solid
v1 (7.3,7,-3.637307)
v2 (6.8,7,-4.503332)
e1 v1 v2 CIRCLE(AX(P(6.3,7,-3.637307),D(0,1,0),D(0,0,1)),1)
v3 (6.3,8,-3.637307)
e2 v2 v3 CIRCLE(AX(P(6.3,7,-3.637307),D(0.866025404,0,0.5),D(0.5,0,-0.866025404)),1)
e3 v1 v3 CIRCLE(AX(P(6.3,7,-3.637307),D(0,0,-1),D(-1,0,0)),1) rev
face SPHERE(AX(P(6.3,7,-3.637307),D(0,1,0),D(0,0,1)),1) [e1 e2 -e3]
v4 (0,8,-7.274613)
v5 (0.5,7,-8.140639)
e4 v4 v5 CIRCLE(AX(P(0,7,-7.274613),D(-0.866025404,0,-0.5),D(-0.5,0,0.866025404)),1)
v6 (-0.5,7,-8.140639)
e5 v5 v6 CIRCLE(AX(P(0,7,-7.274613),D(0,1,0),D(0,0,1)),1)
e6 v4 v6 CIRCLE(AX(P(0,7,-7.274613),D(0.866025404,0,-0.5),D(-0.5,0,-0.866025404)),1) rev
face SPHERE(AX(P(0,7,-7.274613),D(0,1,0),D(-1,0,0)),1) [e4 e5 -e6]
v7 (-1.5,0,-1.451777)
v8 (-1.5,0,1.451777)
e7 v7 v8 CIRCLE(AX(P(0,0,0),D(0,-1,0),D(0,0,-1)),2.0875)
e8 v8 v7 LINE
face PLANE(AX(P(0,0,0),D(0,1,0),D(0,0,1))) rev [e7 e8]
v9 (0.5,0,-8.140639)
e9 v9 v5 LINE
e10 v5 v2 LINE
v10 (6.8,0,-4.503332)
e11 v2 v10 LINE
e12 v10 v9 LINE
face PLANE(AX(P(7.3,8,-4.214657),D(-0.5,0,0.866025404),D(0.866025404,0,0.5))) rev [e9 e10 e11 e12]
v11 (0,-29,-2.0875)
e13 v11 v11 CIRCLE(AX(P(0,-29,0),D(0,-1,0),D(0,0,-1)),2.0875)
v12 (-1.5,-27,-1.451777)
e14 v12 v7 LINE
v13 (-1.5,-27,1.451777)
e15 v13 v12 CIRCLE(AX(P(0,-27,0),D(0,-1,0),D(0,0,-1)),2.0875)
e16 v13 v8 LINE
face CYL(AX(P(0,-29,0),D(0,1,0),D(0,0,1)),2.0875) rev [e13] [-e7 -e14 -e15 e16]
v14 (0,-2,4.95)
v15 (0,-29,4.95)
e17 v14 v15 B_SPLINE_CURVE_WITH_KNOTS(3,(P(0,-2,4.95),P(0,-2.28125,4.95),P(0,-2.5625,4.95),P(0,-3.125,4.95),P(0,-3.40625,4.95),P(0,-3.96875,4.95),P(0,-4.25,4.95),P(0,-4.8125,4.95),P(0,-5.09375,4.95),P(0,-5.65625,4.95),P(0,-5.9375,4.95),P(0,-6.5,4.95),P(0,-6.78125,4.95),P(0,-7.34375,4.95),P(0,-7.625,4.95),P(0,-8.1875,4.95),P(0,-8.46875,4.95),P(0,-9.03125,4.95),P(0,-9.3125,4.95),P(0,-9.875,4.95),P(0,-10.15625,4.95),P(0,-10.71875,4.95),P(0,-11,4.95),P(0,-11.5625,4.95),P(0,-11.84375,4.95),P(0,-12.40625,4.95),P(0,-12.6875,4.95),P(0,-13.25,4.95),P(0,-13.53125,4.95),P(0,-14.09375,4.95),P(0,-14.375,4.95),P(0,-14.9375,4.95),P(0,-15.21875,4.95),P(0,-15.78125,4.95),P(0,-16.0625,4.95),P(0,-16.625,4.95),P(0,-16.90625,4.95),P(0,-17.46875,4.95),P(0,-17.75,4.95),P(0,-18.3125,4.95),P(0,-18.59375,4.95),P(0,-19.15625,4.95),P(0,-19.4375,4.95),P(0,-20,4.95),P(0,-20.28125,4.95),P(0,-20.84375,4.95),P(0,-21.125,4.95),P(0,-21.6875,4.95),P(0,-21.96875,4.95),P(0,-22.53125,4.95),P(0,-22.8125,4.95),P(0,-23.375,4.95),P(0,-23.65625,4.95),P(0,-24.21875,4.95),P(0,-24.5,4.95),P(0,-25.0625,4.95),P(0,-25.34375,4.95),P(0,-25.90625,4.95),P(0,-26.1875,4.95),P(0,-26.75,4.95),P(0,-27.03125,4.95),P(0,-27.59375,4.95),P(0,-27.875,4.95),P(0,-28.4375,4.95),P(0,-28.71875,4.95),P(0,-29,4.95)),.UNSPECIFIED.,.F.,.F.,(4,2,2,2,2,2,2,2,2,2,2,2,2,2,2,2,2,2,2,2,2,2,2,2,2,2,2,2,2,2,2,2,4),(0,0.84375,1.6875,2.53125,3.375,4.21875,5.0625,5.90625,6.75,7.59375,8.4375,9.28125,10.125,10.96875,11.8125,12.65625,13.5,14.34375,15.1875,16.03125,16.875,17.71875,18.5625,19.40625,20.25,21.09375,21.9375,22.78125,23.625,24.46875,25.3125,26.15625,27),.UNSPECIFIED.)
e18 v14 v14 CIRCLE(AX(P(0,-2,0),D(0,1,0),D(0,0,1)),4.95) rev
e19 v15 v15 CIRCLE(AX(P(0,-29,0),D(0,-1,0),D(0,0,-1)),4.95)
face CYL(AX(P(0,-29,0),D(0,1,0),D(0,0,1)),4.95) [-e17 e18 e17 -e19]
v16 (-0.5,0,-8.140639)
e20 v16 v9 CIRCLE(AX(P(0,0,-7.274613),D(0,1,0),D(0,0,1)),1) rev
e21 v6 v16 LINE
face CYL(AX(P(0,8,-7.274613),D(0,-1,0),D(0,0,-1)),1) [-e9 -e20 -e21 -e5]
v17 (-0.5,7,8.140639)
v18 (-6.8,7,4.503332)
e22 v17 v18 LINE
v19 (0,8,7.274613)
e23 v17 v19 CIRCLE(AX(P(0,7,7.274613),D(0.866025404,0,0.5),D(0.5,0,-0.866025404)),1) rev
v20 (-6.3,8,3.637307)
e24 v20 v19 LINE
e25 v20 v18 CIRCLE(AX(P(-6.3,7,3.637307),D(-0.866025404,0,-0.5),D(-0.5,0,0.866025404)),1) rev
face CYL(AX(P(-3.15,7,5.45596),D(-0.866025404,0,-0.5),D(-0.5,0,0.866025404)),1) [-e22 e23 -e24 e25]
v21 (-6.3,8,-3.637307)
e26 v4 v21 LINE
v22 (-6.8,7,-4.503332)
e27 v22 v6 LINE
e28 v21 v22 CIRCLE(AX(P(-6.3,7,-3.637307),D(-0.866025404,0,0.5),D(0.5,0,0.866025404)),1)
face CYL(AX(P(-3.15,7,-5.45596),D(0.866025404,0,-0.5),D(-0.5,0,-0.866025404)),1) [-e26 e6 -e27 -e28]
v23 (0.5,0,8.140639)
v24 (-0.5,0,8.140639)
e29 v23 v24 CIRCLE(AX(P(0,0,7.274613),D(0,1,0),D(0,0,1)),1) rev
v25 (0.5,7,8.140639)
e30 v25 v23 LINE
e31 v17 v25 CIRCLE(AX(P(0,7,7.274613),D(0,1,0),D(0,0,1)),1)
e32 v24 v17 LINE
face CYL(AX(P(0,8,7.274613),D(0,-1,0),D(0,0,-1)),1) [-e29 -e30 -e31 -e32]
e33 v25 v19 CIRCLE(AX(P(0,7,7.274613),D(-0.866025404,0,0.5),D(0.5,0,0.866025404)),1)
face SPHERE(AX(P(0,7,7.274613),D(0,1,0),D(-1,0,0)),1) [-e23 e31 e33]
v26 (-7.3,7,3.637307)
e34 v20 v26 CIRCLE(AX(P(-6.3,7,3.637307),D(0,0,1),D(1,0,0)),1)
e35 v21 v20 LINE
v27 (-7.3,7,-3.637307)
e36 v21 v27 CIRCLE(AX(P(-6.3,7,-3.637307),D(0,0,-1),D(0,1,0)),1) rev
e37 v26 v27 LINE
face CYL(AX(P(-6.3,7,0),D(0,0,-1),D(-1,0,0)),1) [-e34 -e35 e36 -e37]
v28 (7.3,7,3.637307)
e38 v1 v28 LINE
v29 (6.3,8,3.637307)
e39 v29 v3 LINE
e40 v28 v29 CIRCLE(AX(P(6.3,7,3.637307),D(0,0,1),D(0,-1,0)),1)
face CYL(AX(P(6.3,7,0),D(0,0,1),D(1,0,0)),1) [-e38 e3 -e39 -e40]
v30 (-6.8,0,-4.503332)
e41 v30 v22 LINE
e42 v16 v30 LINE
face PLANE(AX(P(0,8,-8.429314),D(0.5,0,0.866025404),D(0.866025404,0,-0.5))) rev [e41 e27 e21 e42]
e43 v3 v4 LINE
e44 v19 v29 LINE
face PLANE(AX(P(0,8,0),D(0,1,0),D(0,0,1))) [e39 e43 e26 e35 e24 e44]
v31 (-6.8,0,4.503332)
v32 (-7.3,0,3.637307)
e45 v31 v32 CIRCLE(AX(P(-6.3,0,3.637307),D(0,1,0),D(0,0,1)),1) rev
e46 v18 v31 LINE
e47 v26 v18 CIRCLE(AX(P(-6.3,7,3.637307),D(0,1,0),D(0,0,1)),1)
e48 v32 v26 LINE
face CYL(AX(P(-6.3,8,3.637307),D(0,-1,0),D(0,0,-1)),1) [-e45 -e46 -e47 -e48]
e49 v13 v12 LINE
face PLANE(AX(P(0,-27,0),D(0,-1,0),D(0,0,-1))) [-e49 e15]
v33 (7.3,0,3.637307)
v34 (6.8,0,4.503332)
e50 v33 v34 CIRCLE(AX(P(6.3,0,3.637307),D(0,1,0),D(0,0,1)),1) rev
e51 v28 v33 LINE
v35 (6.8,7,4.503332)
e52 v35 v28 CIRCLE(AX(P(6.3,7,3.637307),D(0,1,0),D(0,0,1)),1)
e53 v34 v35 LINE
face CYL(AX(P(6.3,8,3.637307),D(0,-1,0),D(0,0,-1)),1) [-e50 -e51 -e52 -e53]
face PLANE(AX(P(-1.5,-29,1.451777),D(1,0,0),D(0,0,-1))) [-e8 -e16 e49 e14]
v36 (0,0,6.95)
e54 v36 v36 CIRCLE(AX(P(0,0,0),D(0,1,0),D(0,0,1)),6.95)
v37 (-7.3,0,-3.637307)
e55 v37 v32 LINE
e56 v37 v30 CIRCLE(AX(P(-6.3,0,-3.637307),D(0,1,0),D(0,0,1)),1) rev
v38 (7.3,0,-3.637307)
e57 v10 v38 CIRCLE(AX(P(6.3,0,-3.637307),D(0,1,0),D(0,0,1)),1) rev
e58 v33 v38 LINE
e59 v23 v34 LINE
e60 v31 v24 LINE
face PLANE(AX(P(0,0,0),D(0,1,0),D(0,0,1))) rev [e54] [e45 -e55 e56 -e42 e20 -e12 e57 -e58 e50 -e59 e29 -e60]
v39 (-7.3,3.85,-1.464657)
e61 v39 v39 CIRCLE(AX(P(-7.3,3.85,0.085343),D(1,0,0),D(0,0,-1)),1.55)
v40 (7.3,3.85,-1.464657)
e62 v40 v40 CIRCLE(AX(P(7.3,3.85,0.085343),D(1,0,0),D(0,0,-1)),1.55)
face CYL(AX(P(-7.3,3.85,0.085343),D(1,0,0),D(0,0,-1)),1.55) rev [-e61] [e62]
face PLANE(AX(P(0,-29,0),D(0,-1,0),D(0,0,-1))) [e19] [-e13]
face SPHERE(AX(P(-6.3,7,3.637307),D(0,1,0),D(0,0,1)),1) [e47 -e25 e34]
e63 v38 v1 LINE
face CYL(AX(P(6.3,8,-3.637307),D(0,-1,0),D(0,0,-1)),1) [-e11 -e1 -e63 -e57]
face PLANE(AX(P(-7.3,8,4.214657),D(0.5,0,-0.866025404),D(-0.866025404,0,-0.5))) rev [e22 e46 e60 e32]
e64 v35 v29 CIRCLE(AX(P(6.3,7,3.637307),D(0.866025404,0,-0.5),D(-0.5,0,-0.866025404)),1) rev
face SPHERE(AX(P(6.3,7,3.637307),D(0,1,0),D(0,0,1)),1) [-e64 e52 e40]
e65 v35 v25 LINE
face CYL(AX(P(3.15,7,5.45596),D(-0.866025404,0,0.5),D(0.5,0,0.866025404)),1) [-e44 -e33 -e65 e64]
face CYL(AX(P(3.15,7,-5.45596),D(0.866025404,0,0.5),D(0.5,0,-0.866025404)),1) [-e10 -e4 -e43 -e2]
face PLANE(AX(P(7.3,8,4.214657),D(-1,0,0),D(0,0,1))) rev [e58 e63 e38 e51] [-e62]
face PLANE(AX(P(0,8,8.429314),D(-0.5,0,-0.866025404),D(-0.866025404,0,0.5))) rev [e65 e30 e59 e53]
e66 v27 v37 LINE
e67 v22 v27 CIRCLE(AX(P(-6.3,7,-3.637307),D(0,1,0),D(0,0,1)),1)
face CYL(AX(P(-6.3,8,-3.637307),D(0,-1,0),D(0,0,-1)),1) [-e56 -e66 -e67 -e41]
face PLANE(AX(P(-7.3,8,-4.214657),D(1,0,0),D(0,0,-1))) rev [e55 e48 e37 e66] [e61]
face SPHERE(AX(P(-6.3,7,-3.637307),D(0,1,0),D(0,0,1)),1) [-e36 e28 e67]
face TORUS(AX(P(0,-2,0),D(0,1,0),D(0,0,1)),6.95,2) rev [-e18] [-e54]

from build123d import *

# Parameters (mm, degrees)
BOSS_EXTRUDE1_DEPTH = 8
SKETCH2_R           = 4.95
BOSS_EXTRUDE2_DEPTH = 29
FILLET1_R           = 2
SKETCH3_R           = 1.55
CUT_EXTRUDE1_DEPTH  = 34.544199697
FILLET2_R           = 1
CUT_EXTRUDE3_START  = -2
SKETCH5_R           = 2.0875
CUT_EXTRUDE3_DEPTH  = 2


with BuildPart() as part:
    # Sketch1 → Boss-Extrude1 (new body)
    with BuildSketch(Plane(origin=(0, 0, 0), x_dir=(1, 0, 0), z_dir=(0, 1, 0))):
        Polygon((7.3, -4.214656965), (7.3, 4.214656965), (0, 8.42931393), (-7.3, 4.214656965), (-7.3, -4.214656965), (0, -8.42931393), align=None)
    extrude(amount=BOSS_EXTRUDE1_DEPTH)

    # Sketch2 → Boss-Extrude2 (add)
    with BuildSketch(Plane.XZ):
        with Locations(Location((0, 0, 0), (0, 0, 90))):
            Circle(SKETCH2_R)
        with BuildLine():
            Line((-1.5, 1.451776928), (-1.5, -1.451776928))
            ThreePointArc((-1.5, -1.451776928), (2.0875, 0), (-1.5, 1.451776928))
        make_face(mode=Mode.SUBTRACT)
    extrude(amount=BOSS_EXTRUDE2_DEPTH)

    # Fillet1
    fillet1_edges = [part.edges().sort_by_distance(p)[0] for p in [
        (0, 0, -4.95),
    ]]
    fillet(fillet1_edges, radius=FILLET1_R)

    # Sketch3 → Cut-Extrude1 (cut, through all)
    with BuildSketch(Plane(origin=(7.3, 0, 0), x_dir=(0, 0, -1), z_dir=(1, 0, 0))):
        with Locations((-0.085343035, 3.85)):
            Circle(SKETCH3_R)
    extrude(amount=-CUT_EXTRUDE1_DEPTH, mode=Mode.SUBTRACT)

    # Fillet2
    fillet2_edges = [part.edges().sort_by_distance(p)[0] for p in [
        (0, 4, 8.42931393),
        (-7.3, 4, 4.214656965),
        (-7.3, 4, -4.214656965),
        (0, 4, -8.42931393),
        (7.3, 4, -4.214656965),
        (7.3, 4, 4.214656965),
        (3.65, 8, -6.321985448),
        (-3.65, 8, -6.321985448),
        (-7.3, 8, 0),
        (-3.65, 8, 6.321985448),
        (3.65, 8, 6.321985448),
        (7.3, 8, 0),
    ]]
    fillet(fillet2_edges, radius=FILLET2_R)

    # Sketch5 → Cut-Extrude3 (cut)
    with BuildSketch(Plane.XZ.offset(29).offset(CUT_EXTRUDE3_START)):
        with Locations(Location((0, 0, 0), (0, 0, 135.935955789))):
            Circle(SKETCH5_R)
    extrude(amount=CUT_EXTRUDE3_DEPTH, mode=Mode.SUBTRACT)


solid = part.part
